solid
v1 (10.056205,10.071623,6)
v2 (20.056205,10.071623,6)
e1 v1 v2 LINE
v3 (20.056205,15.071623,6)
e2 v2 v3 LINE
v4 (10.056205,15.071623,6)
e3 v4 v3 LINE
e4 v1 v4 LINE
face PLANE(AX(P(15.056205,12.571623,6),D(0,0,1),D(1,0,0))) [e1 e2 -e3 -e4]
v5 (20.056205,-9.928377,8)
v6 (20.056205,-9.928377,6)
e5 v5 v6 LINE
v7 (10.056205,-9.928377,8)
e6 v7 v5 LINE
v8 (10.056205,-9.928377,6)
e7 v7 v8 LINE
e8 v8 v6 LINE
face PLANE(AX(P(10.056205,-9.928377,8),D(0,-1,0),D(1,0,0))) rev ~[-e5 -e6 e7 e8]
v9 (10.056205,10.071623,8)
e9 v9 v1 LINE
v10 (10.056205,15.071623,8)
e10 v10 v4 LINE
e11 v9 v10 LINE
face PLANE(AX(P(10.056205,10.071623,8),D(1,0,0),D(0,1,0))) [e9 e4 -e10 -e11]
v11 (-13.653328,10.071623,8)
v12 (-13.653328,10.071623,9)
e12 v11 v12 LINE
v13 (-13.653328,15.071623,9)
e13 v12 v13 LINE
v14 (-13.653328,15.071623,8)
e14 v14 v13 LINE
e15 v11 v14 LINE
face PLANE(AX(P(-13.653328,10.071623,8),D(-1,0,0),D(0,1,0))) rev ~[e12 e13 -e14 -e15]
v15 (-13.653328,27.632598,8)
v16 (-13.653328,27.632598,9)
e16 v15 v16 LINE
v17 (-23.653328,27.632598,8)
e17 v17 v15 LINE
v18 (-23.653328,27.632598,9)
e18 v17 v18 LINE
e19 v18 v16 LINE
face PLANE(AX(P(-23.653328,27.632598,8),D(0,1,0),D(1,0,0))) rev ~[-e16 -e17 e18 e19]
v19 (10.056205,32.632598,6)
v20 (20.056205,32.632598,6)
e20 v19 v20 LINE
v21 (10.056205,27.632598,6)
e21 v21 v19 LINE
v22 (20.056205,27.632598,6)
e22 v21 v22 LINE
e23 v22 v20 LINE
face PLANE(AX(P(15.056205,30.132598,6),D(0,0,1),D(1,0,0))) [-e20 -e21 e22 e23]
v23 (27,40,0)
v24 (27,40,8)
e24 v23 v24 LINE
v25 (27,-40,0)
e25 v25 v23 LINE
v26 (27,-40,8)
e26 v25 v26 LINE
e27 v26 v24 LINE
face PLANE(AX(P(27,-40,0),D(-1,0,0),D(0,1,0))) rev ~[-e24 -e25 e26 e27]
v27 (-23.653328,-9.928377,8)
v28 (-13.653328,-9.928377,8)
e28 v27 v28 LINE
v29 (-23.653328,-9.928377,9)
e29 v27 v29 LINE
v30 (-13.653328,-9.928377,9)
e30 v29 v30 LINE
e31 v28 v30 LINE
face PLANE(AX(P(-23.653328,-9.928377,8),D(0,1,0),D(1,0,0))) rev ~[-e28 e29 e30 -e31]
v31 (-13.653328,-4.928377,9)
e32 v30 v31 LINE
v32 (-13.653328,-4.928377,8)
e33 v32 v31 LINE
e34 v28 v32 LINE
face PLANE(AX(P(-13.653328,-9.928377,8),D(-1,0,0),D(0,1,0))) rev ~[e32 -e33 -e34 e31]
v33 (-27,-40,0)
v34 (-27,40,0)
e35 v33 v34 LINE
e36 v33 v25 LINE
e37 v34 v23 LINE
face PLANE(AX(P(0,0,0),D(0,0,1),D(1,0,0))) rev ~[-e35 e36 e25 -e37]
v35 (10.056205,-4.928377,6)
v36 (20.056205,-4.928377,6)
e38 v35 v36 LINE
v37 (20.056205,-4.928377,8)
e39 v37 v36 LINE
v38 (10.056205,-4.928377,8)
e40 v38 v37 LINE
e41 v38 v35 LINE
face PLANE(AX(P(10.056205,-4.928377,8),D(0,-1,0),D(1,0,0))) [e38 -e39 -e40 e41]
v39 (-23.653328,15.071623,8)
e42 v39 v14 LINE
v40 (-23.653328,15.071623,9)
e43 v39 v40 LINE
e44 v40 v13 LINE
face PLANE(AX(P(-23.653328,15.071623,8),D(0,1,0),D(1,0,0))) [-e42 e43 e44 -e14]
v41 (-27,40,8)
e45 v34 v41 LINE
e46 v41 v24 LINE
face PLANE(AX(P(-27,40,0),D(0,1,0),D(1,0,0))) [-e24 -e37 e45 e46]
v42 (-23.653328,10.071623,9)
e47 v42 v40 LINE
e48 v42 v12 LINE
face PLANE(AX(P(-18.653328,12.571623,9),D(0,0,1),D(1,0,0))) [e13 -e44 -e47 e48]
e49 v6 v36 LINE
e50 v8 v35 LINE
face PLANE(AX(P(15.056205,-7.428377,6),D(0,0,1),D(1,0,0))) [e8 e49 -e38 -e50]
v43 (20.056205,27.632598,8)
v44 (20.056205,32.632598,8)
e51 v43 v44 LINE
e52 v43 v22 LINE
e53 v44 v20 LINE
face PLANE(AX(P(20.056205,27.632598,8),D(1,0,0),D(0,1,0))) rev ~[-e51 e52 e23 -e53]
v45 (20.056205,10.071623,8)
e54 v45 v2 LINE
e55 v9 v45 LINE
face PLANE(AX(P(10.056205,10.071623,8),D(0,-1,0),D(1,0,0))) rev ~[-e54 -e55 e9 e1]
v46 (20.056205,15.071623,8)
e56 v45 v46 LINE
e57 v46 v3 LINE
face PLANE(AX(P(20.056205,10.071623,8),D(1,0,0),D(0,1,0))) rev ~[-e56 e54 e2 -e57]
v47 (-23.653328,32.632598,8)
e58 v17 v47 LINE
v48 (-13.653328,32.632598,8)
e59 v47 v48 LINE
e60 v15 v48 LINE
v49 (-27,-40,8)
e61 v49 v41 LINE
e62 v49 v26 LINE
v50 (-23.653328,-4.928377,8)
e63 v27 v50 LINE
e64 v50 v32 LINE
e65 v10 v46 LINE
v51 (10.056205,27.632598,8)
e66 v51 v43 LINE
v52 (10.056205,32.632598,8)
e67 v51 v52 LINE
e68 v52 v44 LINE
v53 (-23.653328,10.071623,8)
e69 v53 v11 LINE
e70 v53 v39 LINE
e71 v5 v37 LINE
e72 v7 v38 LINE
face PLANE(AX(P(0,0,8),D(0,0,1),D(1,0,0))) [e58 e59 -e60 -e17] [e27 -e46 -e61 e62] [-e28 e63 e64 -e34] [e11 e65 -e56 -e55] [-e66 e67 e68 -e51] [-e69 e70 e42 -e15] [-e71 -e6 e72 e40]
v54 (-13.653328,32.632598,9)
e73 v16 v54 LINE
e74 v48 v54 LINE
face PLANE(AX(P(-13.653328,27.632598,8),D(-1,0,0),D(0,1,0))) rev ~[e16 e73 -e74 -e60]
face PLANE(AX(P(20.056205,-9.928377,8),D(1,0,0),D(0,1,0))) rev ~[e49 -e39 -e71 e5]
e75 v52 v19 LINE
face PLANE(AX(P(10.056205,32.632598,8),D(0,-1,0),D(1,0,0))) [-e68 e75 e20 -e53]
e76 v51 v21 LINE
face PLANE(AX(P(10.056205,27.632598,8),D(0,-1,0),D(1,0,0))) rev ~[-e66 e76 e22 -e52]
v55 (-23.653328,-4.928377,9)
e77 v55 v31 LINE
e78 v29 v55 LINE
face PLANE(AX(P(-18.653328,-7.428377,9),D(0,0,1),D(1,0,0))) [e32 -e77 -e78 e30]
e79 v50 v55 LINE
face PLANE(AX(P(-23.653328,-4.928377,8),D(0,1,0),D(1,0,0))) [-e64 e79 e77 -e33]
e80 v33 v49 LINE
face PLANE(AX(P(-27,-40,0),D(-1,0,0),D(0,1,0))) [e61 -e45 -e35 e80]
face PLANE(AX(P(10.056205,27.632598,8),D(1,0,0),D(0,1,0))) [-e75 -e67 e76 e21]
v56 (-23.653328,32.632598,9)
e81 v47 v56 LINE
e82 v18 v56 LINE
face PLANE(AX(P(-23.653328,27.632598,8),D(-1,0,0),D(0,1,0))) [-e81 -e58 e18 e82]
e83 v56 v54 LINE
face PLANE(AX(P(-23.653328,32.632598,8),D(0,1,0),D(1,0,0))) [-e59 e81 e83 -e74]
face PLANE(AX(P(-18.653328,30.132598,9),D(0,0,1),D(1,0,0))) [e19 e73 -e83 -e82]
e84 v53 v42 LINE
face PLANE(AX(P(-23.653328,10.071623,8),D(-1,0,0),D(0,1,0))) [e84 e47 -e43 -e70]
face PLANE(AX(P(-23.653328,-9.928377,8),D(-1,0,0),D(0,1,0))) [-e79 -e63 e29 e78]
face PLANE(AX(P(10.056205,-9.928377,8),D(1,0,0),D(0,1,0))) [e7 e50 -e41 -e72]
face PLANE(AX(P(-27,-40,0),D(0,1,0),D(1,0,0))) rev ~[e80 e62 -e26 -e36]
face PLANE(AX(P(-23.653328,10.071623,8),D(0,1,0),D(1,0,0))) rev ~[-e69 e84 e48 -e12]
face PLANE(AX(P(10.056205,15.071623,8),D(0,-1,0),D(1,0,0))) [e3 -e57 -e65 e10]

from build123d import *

# Parameters (mm, degrees)
F0_W     = 54
F0_H     = 80
F1_DEPTH = 8
F2_W     = 10
F2_H     = 5
F3_DEPTH = 1
F4_W     = 10
F4_H     = 5
F5_DEPTH = 2


with BuildPart() as f1:
    # F0 (on Top) → F1 (new body)
    with BuildSketch(Plane.XY):
        Rectangle(F0_W, F0_H)
    extrude(amount=F1_DEPTH)

    # F2 (on face) → F3 (join)
    with BuildSketch(Plane.XY.offset(8)):
        with Locations((-18.653328, 30.132598)):
            Rectangle(F2_W, F2_H)
        with Locations((-18.653328, 12.571623)):
            Rectangle(F2_W, F2_H)
        with Locations((-18.653328, -7.428377)):
            Rectangle(F2_W, F2_H)
    extrude(amount=F3_DEPTH)

    # F4 (on face) → F5 (cut)
    with BuildSketch(Plane.XY.offset(8)):
        with Locations((15.056205, 30.132598)):
            Rectangle(F4_W, F4_H)
        with Locations((15.056205, 12.571623)):
            Rectangle(F4_W, F4_H)
        with Locations((15.056205, -7.428377)):
            Rectangle(F4_W, F4_H)
    extrude(amount=-F5_DEPTH, mode=Mode.SUBTRACT)


solid = f1.part
